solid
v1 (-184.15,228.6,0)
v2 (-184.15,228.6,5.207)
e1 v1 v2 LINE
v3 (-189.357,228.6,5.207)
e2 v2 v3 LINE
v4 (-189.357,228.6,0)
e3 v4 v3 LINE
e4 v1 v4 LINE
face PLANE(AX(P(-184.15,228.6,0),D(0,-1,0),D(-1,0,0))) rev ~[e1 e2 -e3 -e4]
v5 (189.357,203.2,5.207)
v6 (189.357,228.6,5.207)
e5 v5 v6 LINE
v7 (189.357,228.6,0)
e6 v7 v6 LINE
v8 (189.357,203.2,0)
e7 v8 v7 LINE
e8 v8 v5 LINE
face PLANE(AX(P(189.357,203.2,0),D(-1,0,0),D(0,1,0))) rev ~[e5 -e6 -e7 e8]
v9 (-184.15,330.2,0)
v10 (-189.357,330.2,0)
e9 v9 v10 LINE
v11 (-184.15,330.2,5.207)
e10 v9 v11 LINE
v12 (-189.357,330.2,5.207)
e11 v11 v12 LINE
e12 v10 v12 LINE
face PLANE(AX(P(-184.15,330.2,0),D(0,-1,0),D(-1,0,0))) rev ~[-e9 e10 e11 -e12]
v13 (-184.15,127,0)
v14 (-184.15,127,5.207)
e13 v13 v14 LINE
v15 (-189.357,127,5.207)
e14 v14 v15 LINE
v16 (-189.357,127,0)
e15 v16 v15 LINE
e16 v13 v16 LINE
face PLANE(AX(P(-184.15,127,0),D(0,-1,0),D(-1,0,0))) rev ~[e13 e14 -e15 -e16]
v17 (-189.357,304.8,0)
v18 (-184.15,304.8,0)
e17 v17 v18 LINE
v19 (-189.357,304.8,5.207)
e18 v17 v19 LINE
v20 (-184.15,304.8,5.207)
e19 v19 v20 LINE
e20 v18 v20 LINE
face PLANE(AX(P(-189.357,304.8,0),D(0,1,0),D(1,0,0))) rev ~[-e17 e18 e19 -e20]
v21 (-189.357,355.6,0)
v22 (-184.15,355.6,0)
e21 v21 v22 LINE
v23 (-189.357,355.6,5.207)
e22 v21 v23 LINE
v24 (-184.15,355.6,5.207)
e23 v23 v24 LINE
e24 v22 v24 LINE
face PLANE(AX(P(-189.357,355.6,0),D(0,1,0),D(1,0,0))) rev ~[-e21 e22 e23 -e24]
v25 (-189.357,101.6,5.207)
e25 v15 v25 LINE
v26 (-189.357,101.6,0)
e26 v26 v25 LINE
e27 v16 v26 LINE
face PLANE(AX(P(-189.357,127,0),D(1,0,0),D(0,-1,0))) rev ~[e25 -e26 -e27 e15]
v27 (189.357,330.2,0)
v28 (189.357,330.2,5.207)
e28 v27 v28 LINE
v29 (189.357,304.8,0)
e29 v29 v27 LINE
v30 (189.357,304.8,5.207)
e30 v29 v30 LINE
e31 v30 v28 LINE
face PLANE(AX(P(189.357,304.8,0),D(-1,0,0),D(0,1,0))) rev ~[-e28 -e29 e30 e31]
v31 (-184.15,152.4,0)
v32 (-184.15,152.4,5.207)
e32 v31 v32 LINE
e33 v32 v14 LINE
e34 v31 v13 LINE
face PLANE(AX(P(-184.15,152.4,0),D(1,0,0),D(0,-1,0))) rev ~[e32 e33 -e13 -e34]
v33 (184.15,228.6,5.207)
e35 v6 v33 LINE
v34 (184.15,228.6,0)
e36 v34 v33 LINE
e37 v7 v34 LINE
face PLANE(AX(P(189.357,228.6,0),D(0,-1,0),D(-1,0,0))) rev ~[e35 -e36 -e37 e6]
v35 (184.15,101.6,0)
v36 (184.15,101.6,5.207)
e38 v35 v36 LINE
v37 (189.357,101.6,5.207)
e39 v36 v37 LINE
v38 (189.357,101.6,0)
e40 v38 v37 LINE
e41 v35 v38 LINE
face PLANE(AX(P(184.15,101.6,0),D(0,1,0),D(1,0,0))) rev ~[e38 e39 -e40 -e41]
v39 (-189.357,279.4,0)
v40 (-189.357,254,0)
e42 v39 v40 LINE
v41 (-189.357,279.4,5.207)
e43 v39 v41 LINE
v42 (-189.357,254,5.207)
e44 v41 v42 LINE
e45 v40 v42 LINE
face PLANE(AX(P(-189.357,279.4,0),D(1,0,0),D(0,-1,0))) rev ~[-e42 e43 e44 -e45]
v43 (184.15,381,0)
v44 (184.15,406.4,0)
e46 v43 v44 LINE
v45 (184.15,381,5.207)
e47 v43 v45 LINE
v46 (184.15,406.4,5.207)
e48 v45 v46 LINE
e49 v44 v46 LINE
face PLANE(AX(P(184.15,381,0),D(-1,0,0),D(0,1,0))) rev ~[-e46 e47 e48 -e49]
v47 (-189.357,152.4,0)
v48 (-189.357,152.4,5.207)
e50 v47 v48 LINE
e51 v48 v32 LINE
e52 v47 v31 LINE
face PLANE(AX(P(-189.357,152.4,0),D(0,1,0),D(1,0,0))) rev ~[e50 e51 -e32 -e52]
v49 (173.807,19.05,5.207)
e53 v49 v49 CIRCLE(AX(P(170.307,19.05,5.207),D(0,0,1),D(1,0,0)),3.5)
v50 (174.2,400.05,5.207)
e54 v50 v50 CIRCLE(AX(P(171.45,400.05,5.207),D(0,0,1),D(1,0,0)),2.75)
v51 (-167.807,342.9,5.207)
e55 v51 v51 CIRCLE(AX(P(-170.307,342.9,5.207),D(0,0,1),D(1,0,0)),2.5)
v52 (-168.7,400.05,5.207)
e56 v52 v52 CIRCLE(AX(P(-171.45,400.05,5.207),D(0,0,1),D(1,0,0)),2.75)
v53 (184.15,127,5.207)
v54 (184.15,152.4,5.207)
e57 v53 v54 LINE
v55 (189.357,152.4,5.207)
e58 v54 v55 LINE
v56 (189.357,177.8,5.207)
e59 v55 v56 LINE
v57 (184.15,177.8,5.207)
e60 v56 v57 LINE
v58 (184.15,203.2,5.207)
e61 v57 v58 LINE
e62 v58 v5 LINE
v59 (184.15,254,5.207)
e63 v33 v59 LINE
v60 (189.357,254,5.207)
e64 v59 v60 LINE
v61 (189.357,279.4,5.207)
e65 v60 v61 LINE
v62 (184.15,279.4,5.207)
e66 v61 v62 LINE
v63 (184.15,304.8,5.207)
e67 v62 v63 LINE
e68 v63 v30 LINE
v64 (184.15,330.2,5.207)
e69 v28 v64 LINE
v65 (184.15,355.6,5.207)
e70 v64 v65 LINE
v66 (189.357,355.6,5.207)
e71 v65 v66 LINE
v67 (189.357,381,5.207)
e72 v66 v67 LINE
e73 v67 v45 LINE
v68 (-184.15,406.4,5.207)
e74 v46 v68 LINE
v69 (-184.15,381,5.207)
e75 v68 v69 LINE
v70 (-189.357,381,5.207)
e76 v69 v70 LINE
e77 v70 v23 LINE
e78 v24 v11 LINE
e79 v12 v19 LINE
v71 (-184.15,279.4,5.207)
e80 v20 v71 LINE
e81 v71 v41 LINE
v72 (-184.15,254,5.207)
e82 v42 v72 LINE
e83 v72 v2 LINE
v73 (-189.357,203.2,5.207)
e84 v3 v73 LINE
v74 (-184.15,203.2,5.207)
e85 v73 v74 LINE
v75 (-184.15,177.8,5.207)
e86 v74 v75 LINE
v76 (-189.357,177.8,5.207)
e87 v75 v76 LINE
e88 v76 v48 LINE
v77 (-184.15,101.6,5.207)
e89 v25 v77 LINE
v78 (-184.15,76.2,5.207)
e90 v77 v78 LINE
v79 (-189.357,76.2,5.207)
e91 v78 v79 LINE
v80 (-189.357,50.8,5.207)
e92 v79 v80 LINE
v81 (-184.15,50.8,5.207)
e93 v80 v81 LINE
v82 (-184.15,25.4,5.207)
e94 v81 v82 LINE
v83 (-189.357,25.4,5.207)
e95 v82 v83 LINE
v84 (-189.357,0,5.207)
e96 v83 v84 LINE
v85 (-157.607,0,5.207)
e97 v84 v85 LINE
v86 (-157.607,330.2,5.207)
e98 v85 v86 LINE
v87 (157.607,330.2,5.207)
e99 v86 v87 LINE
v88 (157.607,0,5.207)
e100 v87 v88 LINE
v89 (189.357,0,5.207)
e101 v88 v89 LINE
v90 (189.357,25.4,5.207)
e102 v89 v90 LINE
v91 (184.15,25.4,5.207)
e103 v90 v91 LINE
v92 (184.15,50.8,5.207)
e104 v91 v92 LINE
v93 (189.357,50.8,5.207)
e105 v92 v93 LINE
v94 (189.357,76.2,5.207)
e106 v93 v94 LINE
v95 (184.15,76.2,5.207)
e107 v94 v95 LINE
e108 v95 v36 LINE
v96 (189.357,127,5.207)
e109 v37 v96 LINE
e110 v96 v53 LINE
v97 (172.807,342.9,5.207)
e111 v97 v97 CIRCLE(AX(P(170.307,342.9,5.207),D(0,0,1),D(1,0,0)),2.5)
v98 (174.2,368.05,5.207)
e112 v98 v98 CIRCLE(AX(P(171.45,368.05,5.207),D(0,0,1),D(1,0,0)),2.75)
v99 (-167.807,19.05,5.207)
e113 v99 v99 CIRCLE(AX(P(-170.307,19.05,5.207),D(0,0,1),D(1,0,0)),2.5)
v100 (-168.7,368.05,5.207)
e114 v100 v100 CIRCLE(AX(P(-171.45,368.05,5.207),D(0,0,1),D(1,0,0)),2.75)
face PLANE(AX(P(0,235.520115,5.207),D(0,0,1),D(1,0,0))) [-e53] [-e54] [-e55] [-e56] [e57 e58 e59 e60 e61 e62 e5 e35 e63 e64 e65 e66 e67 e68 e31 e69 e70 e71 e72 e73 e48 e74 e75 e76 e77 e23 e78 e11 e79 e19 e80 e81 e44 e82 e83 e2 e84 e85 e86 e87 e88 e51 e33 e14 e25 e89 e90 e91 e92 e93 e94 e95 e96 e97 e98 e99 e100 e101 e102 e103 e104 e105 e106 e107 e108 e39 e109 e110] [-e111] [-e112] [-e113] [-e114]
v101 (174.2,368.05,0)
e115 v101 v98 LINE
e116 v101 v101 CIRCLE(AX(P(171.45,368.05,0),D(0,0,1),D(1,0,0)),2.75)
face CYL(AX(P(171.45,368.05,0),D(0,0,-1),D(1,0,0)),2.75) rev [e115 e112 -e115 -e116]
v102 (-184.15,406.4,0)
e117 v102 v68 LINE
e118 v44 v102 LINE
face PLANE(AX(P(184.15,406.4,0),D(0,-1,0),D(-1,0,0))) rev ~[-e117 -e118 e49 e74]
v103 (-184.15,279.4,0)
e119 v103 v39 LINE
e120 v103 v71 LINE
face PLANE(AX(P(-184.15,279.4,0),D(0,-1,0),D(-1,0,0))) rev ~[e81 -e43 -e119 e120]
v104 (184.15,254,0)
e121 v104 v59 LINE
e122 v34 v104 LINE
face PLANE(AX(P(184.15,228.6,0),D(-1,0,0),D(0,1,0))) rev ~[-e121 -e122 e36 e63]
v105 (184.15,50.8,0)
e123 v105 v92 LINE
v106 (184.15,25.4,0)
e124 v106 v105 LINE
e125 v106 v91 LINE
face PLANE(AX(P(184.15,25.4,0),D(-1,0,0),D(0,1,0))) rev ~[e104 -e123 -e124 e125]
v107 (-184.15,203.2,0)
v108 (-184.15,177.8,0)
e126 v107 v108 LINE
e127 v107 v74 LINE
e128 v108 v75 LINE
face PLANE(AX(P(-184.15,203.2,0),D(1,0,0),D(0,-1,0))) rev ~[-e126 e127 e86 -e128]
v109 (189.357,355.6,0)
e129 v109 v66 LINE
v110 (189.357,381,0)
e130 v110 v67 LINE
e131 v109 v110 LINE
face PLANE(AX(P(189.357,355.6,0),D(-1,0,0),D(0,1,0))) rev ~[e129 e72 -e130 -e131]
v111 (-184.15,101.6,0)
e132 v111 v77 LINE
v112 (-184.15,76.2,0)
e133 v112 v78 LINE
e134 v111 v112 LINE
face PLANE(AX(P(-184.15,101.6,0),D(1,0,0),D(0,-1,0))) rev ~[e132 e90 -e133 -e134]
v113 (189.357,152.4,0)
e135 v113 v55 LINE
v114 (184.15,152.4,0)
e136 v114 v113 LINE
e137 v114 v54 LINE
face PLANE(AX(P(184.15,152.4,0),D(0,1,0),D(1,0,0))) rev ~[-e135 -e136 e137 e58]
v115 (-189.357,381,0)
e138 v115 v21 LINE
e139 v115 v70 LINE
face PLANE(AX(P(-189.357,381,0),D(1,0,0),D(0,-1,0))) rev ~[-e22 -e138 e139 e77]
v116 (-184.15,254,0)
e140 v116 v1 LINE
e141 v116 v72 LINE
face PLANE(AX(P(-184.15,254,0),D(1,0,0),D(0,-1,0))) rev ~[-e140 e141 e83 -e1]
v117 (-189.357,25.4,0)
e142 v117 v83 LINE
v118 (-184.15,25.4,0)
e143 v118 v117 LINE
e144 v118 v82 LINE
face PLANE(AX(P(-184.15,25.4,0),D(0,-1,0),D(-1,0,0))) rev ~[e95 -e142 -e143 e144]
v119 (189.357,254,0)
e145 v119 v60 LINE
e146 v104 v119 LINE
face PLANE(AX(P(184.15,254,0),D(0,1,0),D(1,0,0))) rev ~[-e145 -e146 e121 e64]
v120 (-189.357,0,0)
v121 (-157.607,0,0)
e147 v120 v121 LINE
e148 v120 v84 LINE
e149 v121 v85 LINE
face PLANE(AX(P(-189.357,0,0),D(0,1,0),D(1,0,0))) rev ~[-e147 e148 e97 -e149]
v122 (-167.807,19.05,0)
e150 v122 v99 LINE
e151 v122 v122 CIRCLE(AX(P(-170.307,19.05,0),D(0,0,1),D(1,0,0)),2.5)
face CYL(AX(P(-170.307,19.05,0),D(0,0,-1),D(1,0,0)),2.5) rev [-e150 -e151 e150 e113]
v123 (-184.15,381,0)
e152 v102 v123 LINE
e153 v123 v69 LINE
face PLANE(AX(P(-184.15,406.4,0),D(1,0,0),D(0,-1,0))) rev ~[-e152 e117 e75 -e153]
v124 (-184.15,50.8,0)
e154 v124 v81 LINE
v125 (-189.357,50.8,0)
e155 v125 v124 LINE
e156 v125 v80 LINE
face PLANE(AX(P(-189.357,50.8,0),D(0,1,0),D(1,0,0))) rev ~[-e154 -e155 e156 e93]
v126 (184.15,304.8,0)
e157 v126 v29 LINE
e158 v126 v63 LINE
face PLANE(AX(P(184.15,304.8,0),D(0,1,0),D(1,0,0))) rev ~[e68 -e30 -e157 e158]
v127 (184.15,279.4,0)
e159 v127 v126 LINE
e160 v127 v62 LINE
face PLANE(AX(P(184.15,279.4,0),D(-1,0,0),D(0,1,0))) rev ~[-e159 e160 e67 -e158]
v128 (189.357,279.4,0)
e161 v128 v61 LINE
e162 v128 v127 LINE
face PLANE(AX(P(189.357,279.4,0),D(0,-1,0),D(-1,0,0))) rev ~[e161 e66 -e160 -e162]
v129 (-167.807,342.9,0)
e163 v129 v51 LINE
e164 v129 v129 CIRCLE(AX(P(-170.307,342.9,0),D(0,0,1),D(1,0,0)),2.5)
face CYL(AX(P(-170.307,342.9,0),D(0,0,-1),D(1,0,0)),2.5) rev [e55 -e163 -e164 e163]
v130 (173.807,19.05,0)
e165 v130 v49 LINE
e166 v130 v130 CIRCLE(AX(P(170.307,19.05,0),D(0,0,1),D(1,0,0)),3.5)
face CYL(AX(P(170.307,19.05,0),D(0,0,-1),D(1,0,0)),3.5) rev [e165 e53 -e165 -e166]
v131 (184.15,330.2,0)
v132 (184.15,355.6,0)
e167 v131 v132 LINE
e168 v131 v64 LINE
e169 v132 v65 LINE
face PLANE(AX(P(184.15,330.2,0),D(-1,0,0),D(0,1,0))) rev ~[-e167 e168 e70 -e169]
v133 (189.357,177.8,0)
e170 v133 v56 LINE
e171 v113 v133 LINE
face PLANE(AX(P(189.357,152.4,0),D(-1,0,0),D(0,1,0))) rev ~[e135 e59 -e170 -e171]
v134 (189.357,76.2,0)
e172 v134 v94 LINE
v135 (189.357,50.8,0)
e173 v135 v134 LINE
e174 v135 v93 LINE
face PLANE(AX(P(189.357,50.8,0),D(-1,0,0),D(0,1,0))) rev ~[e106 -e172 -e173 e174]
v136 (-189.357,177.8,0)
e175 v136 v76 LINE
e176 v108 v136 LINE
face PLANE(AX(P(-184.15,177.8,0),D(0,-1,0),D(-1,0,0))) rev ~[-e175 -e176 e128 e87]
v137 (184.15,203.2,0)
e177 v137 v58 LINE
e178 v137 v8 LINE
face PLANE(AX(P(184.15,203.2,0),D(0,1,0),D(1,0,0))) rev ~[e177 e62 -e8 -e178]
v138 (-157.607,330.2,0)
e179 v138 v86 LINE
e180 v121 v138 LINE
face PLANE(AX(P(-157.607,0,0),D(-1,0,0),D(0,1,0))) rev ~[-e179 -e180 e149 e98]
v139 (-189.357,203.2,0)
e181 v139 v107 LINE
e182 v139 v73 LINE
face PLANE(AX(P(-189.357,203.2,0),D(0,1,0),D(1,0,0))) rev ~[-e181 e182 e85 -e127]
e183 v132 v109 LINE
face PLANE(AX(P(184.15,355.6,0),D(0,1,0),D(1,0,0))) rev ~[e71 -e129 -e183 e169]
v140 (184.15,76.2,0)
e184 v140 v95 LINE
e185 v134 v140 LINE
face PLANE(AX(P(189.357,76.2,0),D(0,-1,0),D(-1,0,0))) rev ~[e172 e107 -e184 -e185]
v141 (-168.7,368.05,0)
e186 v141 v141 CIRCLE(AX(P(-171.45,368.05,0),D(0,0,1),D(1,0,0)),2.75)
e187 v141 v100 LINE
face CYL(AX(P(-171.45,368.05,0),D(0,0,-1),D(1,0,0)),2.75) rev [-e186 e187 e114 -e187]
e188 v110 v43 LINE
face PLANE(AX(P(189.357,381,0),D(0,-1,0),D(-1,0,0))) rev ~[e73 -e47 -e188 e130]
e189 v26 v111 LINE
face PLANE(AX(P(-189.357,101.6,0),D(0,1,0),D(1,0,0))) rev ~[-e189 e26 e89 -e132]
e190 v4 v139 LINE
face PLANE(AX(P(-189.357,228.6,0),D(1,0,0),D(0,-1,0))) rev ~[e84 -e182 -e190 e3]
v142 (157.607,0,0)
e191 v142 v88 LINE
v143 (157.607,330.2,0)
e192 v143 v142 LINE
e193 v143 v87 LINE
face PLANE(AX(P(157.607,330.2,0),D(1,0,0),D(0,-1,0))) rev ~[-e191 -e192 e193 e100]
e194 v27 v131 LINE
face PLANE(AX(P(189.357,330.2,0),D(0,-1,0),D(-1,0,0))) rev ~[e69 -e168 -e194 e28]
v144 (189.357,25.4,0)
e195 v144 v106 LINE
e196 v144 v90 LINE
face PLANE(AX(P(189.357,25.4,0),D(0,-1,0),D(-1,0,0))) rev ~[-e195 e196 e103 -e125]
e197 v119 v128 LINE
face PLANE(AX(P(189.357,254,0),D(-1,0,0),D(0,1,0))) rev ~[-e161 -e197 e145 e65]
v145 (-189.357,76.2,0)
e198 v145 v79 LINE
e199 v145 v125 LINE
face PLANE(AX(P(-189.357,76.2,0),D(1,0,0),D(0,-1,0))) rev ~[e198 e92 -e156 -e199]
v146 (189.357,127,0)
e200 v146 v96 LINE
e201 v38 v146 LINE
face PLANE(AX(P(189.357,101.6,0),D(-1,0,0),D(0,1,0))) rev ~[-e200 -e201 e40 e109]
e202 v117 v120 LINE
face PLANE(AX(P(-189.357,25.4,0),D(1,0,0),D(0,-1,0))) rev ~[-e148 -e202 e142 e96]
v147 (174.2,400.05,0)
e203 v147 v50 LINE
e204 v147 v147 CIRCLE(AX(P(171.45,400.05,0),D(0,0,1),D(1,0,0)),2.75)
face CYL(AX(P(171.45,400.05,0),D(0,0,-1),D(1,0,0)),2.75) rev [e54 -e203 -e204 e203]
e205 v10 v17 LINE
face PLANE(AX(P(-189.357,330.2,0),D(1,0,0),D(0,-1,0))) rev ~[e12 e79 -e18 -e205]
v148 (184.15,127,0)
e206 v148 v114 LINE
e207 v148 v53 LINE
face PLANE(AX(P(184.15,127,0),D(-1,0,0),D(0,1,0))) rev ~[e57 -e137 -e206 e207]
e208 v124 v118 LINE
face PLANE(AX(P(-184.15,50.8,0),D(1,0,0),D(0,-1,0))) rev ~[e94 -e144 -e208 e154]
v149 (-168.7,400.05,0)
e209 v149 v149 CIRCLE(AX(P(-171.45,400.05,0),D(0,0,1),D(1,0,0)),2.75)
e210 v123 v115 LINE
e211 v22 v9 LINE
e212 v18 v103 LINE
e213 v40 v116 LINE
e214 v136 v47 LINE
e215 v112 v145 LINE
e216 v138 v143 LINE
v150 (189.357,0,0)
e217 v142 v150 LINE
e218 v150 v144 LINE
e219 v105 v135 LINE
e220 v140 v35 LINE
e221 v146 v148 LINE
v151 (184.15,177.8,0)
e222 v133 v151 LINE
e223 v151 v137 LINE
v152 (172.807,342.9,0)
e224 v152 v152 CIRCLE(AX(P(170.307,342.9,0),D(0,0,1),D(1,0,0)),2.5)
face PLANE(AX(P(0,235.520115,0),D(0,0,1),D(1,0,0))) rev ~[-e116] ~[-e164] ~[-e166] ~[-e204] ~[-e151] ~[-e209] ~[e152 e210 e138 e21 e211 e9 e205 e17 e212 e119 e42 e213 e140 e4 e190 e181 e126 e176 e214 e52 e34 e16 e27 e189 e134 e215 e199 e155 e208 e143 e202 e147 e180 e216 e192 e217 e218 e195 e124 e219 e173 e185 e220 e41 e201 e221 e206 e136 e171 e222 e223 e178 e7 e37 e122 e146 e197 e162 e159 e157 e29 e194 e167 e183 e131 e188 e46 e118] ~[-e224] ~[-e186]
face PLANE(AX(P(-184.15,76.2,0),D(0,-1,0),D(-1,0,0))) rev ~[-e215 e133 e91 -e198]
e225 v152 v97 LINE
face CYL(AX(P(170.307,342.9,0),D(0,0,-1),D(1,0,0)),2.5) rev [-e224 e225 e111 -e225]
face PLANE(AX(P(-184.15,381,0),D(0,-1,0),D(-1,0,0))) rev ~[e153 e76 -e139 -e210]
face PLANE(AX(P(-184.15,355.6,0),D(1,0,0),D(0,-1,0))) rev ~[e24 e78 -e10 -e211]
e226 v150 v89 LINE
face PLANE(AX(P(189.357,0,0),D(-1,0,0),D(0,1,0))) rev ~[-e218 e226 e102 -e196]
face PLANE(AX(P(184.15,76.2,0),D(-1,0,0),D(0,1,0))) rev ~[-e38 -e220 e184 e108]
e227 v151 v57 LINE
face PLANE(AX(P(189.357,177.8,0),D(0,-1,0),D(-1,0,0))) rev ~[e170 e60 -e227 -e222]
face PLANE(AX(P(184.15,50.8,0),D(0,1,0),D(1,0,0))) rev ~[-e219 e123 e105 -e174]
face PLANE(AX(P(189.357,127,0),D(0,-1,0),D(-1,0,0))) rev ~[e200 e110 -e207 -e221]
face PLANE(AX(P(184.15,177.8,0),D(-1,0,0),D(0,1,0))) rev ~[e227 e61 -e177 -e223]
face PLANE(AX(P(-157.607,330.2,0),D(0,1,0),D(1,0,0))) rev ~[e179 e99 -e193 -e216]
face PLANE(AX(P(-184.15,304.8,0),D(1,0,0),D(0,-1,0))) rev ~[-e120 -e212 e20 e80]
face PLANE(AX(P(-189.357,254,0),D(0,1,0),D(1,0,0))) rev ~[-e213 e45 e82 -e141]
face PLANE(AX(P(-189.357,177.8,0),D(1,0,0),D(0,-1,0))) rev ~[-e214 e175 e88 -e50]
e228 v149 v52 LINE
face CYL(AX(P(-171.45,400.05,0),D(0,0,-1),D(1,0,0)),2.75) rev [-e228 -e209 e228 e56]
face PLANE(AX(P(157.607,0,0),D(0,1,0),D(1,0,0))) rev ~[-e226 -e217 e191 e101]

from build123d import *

# Parameters (mm, degrees)
SKETCH1_R           = 2.5
SKETCH1_R_2         = 3.5
SKETCH1_R_3         = 2.75
BOSS_EXTRUDE1_DEPTH = 5.207


with BuildPart() as part:
    # Sketch1 → Boss-Extrude1 (new body)
    with BuildSketch(Plane.XY):
        Polygon((-189.357, 25.4), (-189.357, 0), (-157.607, 0), (-157.607, 330.2), (157.607, 330.2), (157.607, 0), (189.357, 0), (189.357, 25.4), (184.15, 25.4), (184.15, 50.8), (189.357, 50.8), (189.357, 76.2), (184.15, 76.2), (184.15, 101.6), (189.357, 101.6), (189.357, 127), (184.15, 127), (184.15, 152.4), (189.357, 152.4), (189.357, 177.8), (184.15, 177.8), (184.15, 203.2), (189.357, 203.2), (189.357, 228.6), (184.15, 228.6), (184.15, 254), (189.357, 254), (189.357, 279.4), (184.15, 279.4), (184.15, 304.8), (189.357, 304.8), (189.357, 330.2), (184.15, 330.2), (184.15, 355.6), (189.357, 355.6), (189.357, 381), (184.15, 381), (184.15, 406.4), (-184.15, 406.4), (-184.15, 381), (-189.357, 381), (-189.357, 355.6), (-184.15, 355.6), (-184.15, 330.2), (-189.357, 330.2), (-189.357, 304.8), (-184.15, 304.8), (-184.15, 279.4), (-189.357, 279.4), (-189.357, 254), (-184.15, 254), (-184.15, 228.6), (-189.357, 228.6), (-189.357, 203.2), (-184.15, 203.2), (-184.15, 177.8), (-189.357, 177.8), (-189.357, 152.4), (-184.15, 152.4), (-184.15, 127), (-189.357, 127), (-189.357, 101.6), (-184.15, 101.6), (-184.15, 76.2), (-189.357, 76.2), (-189.357, 50.8), (-184.15, 50.8), (-184.15, 25.4), align=None)
        with Locations((-170.307, 19.05)):
            Circle(SKETCH1_R, mode=Mode.SUBTRACT)
        with Locations((170.307, 19.05)):
            Circle(SKETCH1_R_2, mode=Mode.SUBTRACT)
        with Locations((-170.307, 342.9)):
            Circle(SKETCH1_R, mode=Mode.SUBTRACT)
        with Locations((-171.45, 368.05)):
            Circle(SKETCH1_R_3, mode=Mode.SUBTRACT)
        with Locations((-171.45, 400.05)):
            Circle(SKETCH1_R_3, mode=Mode.SUBTRACT)
        with Locations((170.307, 342.9)):
            Circle(SKETCH1_R, mode=Mode.SUBTRACT)
        with Locations((171.45, 368.05)):
            Circle(SKETCH1_R_3, mode=Mode.SUBTRACT)
        with Locations((171.45, 400.05)):
            Circle(SKETCH1_R_3, mode=Mode.SUBTRACT)
    extrude(amount=BOSS_EXTRUDE1_DEPTH)


solid = part.part
